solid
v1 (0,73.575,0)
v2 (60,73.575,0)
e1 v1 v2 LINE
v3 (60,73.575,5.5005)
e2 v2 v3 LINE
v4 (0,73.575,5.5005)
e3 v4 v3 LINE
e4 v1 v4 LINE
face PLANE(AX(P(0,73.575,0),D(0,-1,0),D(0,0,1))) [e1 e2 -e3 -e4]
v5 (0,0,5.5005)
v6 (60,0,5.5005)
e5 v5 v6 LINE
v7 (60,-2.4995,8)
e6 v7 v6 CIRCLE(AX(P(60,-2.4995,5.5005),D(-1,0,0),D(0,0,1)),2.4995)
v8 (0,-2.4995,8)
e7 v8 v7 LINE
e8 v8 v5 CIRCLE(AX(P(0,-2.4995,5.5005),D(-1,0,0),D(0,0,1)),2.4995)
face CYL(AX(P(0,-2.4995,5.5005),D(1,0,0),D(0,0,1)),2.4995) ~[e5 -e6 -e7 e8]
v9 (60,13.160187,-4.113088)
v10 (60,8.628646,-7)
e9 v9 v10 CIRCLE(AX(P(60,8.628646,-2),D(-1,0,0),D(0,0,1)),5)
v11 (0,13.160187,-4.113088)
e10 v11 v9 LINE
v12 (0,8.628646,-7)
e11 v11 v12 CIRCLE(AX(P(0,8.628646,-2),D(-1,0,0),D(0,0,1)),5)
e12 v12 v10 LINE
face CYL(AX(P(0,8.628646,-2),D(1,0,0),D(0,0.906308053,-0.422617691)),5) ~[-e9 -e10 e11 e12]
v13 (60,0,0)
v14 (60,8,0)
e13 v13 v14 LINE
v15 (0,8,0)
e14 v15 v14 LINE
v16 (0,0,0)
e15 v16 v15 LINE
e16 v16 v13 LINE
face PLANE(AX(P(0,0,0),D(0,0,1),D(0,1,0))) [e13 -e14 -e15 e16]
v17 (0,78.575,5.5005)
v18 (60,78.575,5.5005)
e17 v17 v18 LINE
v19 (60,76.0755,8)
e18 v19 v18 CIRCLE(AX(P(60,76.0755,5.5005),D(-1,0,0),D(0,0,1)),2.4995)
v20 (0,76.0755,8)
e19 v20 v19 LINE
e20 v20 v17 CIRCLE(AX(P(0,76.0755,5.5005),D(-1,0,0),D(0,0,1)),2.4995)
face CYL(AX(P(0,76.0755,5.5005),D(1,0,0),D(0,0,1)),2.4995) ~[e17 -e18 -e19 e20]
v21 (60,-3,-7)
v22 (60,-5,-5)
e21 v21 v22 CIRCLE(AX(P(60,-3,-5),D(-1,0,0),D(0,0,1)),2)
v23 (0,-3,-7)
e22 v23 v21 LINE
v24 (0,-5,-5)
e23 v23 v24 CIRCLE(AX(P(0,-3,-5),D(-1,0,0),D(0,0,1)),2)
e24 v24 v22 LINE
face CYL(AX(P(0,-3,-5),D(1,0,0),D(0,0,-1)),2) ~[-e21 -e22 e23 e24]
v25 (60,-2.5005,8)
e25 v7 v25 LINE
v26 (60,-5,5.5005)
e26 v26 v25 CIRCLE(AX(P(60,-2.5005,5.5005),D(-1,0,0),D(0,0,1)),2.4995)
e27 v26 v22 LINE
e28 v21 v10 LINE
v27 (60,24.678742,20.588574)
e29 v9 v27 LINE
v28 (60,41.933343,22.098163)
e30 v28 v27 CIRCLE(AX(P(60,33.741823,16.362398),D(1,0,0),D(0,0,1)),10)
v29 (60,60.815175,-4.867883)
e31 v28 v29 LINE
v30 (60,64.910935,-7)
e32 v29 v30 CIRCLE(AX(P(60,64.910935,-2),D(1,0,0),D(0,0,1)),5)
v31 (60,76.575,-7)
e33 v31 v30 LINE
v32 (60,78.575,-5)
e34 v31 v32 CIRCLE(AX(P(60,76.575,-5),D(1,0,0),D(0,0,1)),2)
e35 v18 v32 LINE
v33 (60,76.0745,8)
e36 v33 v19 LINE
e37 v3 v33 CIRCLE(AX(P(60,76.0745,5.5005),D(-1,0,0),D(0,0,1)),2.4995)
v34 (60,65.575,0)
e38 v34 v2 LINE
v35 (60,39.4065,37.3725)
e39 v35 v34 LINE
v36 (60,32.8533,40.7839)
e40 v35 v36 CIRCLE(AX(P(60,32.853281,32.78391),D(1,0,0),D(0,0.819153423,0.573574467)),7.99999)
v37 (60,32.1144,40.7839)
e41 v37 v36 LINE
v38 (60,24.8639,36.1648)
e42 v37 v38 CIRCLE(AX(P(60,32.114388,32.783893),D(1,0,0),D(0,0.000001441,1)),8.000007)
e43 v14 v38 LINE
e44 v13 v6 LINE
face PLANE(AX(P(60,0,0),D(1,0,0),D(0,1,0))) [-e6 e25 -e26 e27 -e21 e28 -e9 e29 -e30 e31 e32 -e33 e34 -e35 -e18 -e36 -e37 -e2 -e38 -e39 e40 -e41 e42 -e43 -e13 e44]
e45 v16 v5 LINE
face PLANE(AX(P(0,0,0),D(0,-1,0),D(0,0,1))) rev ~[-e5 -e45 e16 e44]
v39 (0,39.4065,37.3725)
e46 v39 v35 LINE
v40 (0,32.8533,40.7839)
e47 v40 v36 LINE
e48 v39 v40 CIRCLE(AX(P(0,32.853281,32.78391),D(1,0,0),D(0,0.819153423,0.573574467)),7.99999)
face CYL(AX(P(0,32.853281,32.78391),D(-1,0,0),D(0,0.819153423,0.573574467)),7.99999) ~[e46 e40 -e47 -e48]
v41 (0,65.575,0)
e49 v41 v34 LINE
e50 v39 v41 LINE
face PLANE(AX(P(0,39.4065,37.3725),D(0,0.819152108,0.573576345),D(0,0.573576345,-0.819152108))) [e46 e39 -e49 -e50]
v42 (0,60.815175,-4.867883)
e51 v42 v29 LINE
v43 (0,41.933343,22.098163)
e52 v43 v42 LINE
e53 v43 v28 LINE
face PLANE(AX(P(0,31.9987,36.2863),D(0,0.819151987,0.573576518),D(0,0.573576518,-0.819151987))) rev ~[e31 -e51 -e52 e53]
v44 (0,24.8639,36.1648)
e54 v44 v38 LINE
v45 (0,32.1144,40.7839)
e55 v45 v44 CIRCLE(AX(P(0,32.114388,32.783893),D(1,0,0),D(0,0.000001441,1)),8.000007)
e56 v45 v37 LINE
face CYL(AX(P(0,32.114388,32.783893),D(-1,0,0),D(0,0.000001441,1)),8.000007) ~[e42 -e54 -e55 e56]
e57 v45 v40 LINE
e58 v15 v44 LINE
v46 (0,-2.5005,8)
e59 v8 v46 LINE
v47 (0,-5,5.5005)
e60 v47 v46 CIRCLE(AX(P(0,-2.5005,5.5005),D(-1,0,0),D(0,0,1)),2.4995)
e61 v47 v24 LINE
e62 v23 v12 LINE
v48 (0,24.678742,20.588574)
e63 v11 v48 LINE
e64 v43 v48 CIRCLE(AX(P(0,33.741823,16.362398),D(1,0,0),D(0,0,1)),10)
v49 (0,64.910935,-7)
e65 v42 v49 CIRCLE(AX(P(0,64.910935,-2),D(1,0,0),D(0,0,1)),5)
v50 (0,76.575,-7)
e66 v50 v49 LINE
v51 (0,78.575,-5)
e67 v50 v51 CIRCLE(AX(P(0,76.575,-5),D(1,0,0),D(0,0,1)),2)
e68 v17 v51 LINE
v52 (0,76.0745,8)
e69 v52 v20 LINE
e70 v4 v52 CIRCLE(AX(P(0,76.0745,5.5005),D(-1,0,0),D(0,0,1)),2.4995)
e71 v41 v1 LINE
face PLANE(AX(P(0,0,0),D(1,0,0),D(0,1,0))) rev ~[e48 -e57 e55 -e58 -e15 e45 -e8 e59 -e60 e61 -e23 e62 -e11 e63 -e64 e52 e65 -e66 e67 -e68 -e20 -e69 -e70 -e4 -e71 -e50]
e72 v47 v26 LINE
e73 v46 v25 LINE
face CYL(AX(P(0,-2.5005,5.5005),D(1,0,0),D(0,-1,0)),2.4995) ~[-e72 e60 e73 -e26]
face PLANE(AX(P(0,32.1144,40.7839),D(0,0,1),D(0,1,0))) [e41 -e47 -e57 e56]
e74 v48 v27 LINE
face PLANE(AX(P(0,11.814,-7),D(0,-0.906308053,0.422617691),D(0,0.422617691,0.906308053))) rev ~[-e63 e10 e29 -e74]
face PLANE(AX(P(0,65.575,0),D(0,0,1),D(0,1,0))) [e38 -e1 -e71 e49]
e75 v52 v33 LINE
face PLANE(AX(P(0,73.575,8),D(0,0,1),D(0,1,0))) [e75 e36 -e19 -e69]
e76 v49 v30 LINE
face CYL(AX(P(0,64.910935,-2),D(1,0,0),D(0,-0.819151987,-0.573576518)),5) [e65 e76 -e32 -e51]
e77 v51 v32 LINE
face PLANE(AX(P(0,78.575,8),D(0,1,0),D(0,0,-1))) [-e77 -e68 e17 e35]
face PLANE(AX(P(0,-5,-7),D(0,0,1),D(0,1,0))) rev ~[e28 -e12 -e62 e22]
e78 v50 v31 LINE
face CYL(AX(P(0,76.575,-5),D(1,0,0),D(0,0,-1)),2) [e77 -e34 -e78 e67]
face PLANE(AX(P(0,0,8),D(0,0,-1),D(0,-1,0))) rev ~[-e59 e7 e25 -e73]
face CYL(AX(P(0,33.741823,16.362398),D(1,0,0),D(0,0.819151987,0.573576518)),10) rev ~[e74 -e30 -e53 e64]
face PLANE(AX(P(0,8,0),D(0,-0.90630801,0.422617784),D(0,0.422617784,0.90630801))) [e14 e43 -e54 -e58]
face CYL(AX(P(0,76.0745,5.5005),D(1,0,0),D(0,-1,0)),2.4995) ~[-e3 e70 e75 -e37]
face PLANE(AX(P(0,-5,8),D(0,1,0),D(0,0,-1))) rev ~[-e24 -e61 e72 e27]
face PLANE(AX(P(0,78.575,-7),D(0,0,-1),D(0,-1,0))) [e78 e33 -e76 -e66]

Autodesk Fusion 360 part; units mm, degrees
sketch "Sketch1" plane through (0, 0, 0) normal (1, 0, 0) x (0, 1, 0)
  line L0 (0, 0) -> (8, 0)
  line L1 (8, 0) -> (24.8639, 36.1648)
  line L2 (0, 0) -> (0, 8)
  line L3 (0, 8) -> (-5, 8)
  line L4 (-5, 8) -> (-5, -7)
  line L5 (-5, -7) -> (11.814, -7)
  line L6 (11.814, -7) -> (31.9987, 36.2863)
  line L7 (32.1144, 40.7839) -> (32.8533, 40.7839)
  line L8 (39.4065, 37.3725) -> (65.575, 0)
  line L9 (37.0178, 40.7839) -> (86.8057, 40.7839) construction
  line L10 (65.575, 0) -> (73.575, 0)
  line L11 (73.575, 0) -> (73.575, 8)
  line L12 (73.575, 8) -> (78.575, 8)
  line L13 (78.575, 8) -> (78.575, -7)
  line L14 (78.575, -7) -> (62.3081, -7)
  line L15 (31.9987, 36.2863) -> (62.3081, -7)
  line L16 (35, 32) -> (86.0392, 32) construction
  arc A0 (32.1144, 40.7839) -> (24.8639, 36.1648) centre (32.1144, 32.7839) ccw
  arc A1 (39.4065, 37.3725) -> (32.8533, 40.7839) centre (32.8533, 32.7839) ccw
  point P0 (27.0178, 40.7839)
  dimension "d6" = 115
  dimension "d8" = 115
  dimension "d9" = 10
  dimension "d10" = 55
  dimension "d11" = 8
  dimension "d12" = 5
  dimension "d13" = 8
  dimension "d14" = 0
  dimension "d15" = 7
  dimension "d17" = 55
  dimension "d20" = 8
extrude "Extrude1" add sketch "Sketch1" along normal blind 60
fillet "Fillet1" radius 2.5 4 edges at (30, 0, 8) (30, -5, 8) (30, 73.575, 8) (30, 78.575, 8)
fillet "Fillet2" radius 10 1 edges at (30, 31.9987, 36.2863)
fillet "Fillet3" radius 5 2 edges at (30, 11.814, -7) (30, 62.3081, -7)
fillet "Fillet4" radius 2 2 edges at (30, -5, -7) (30, 78.575, -7)
